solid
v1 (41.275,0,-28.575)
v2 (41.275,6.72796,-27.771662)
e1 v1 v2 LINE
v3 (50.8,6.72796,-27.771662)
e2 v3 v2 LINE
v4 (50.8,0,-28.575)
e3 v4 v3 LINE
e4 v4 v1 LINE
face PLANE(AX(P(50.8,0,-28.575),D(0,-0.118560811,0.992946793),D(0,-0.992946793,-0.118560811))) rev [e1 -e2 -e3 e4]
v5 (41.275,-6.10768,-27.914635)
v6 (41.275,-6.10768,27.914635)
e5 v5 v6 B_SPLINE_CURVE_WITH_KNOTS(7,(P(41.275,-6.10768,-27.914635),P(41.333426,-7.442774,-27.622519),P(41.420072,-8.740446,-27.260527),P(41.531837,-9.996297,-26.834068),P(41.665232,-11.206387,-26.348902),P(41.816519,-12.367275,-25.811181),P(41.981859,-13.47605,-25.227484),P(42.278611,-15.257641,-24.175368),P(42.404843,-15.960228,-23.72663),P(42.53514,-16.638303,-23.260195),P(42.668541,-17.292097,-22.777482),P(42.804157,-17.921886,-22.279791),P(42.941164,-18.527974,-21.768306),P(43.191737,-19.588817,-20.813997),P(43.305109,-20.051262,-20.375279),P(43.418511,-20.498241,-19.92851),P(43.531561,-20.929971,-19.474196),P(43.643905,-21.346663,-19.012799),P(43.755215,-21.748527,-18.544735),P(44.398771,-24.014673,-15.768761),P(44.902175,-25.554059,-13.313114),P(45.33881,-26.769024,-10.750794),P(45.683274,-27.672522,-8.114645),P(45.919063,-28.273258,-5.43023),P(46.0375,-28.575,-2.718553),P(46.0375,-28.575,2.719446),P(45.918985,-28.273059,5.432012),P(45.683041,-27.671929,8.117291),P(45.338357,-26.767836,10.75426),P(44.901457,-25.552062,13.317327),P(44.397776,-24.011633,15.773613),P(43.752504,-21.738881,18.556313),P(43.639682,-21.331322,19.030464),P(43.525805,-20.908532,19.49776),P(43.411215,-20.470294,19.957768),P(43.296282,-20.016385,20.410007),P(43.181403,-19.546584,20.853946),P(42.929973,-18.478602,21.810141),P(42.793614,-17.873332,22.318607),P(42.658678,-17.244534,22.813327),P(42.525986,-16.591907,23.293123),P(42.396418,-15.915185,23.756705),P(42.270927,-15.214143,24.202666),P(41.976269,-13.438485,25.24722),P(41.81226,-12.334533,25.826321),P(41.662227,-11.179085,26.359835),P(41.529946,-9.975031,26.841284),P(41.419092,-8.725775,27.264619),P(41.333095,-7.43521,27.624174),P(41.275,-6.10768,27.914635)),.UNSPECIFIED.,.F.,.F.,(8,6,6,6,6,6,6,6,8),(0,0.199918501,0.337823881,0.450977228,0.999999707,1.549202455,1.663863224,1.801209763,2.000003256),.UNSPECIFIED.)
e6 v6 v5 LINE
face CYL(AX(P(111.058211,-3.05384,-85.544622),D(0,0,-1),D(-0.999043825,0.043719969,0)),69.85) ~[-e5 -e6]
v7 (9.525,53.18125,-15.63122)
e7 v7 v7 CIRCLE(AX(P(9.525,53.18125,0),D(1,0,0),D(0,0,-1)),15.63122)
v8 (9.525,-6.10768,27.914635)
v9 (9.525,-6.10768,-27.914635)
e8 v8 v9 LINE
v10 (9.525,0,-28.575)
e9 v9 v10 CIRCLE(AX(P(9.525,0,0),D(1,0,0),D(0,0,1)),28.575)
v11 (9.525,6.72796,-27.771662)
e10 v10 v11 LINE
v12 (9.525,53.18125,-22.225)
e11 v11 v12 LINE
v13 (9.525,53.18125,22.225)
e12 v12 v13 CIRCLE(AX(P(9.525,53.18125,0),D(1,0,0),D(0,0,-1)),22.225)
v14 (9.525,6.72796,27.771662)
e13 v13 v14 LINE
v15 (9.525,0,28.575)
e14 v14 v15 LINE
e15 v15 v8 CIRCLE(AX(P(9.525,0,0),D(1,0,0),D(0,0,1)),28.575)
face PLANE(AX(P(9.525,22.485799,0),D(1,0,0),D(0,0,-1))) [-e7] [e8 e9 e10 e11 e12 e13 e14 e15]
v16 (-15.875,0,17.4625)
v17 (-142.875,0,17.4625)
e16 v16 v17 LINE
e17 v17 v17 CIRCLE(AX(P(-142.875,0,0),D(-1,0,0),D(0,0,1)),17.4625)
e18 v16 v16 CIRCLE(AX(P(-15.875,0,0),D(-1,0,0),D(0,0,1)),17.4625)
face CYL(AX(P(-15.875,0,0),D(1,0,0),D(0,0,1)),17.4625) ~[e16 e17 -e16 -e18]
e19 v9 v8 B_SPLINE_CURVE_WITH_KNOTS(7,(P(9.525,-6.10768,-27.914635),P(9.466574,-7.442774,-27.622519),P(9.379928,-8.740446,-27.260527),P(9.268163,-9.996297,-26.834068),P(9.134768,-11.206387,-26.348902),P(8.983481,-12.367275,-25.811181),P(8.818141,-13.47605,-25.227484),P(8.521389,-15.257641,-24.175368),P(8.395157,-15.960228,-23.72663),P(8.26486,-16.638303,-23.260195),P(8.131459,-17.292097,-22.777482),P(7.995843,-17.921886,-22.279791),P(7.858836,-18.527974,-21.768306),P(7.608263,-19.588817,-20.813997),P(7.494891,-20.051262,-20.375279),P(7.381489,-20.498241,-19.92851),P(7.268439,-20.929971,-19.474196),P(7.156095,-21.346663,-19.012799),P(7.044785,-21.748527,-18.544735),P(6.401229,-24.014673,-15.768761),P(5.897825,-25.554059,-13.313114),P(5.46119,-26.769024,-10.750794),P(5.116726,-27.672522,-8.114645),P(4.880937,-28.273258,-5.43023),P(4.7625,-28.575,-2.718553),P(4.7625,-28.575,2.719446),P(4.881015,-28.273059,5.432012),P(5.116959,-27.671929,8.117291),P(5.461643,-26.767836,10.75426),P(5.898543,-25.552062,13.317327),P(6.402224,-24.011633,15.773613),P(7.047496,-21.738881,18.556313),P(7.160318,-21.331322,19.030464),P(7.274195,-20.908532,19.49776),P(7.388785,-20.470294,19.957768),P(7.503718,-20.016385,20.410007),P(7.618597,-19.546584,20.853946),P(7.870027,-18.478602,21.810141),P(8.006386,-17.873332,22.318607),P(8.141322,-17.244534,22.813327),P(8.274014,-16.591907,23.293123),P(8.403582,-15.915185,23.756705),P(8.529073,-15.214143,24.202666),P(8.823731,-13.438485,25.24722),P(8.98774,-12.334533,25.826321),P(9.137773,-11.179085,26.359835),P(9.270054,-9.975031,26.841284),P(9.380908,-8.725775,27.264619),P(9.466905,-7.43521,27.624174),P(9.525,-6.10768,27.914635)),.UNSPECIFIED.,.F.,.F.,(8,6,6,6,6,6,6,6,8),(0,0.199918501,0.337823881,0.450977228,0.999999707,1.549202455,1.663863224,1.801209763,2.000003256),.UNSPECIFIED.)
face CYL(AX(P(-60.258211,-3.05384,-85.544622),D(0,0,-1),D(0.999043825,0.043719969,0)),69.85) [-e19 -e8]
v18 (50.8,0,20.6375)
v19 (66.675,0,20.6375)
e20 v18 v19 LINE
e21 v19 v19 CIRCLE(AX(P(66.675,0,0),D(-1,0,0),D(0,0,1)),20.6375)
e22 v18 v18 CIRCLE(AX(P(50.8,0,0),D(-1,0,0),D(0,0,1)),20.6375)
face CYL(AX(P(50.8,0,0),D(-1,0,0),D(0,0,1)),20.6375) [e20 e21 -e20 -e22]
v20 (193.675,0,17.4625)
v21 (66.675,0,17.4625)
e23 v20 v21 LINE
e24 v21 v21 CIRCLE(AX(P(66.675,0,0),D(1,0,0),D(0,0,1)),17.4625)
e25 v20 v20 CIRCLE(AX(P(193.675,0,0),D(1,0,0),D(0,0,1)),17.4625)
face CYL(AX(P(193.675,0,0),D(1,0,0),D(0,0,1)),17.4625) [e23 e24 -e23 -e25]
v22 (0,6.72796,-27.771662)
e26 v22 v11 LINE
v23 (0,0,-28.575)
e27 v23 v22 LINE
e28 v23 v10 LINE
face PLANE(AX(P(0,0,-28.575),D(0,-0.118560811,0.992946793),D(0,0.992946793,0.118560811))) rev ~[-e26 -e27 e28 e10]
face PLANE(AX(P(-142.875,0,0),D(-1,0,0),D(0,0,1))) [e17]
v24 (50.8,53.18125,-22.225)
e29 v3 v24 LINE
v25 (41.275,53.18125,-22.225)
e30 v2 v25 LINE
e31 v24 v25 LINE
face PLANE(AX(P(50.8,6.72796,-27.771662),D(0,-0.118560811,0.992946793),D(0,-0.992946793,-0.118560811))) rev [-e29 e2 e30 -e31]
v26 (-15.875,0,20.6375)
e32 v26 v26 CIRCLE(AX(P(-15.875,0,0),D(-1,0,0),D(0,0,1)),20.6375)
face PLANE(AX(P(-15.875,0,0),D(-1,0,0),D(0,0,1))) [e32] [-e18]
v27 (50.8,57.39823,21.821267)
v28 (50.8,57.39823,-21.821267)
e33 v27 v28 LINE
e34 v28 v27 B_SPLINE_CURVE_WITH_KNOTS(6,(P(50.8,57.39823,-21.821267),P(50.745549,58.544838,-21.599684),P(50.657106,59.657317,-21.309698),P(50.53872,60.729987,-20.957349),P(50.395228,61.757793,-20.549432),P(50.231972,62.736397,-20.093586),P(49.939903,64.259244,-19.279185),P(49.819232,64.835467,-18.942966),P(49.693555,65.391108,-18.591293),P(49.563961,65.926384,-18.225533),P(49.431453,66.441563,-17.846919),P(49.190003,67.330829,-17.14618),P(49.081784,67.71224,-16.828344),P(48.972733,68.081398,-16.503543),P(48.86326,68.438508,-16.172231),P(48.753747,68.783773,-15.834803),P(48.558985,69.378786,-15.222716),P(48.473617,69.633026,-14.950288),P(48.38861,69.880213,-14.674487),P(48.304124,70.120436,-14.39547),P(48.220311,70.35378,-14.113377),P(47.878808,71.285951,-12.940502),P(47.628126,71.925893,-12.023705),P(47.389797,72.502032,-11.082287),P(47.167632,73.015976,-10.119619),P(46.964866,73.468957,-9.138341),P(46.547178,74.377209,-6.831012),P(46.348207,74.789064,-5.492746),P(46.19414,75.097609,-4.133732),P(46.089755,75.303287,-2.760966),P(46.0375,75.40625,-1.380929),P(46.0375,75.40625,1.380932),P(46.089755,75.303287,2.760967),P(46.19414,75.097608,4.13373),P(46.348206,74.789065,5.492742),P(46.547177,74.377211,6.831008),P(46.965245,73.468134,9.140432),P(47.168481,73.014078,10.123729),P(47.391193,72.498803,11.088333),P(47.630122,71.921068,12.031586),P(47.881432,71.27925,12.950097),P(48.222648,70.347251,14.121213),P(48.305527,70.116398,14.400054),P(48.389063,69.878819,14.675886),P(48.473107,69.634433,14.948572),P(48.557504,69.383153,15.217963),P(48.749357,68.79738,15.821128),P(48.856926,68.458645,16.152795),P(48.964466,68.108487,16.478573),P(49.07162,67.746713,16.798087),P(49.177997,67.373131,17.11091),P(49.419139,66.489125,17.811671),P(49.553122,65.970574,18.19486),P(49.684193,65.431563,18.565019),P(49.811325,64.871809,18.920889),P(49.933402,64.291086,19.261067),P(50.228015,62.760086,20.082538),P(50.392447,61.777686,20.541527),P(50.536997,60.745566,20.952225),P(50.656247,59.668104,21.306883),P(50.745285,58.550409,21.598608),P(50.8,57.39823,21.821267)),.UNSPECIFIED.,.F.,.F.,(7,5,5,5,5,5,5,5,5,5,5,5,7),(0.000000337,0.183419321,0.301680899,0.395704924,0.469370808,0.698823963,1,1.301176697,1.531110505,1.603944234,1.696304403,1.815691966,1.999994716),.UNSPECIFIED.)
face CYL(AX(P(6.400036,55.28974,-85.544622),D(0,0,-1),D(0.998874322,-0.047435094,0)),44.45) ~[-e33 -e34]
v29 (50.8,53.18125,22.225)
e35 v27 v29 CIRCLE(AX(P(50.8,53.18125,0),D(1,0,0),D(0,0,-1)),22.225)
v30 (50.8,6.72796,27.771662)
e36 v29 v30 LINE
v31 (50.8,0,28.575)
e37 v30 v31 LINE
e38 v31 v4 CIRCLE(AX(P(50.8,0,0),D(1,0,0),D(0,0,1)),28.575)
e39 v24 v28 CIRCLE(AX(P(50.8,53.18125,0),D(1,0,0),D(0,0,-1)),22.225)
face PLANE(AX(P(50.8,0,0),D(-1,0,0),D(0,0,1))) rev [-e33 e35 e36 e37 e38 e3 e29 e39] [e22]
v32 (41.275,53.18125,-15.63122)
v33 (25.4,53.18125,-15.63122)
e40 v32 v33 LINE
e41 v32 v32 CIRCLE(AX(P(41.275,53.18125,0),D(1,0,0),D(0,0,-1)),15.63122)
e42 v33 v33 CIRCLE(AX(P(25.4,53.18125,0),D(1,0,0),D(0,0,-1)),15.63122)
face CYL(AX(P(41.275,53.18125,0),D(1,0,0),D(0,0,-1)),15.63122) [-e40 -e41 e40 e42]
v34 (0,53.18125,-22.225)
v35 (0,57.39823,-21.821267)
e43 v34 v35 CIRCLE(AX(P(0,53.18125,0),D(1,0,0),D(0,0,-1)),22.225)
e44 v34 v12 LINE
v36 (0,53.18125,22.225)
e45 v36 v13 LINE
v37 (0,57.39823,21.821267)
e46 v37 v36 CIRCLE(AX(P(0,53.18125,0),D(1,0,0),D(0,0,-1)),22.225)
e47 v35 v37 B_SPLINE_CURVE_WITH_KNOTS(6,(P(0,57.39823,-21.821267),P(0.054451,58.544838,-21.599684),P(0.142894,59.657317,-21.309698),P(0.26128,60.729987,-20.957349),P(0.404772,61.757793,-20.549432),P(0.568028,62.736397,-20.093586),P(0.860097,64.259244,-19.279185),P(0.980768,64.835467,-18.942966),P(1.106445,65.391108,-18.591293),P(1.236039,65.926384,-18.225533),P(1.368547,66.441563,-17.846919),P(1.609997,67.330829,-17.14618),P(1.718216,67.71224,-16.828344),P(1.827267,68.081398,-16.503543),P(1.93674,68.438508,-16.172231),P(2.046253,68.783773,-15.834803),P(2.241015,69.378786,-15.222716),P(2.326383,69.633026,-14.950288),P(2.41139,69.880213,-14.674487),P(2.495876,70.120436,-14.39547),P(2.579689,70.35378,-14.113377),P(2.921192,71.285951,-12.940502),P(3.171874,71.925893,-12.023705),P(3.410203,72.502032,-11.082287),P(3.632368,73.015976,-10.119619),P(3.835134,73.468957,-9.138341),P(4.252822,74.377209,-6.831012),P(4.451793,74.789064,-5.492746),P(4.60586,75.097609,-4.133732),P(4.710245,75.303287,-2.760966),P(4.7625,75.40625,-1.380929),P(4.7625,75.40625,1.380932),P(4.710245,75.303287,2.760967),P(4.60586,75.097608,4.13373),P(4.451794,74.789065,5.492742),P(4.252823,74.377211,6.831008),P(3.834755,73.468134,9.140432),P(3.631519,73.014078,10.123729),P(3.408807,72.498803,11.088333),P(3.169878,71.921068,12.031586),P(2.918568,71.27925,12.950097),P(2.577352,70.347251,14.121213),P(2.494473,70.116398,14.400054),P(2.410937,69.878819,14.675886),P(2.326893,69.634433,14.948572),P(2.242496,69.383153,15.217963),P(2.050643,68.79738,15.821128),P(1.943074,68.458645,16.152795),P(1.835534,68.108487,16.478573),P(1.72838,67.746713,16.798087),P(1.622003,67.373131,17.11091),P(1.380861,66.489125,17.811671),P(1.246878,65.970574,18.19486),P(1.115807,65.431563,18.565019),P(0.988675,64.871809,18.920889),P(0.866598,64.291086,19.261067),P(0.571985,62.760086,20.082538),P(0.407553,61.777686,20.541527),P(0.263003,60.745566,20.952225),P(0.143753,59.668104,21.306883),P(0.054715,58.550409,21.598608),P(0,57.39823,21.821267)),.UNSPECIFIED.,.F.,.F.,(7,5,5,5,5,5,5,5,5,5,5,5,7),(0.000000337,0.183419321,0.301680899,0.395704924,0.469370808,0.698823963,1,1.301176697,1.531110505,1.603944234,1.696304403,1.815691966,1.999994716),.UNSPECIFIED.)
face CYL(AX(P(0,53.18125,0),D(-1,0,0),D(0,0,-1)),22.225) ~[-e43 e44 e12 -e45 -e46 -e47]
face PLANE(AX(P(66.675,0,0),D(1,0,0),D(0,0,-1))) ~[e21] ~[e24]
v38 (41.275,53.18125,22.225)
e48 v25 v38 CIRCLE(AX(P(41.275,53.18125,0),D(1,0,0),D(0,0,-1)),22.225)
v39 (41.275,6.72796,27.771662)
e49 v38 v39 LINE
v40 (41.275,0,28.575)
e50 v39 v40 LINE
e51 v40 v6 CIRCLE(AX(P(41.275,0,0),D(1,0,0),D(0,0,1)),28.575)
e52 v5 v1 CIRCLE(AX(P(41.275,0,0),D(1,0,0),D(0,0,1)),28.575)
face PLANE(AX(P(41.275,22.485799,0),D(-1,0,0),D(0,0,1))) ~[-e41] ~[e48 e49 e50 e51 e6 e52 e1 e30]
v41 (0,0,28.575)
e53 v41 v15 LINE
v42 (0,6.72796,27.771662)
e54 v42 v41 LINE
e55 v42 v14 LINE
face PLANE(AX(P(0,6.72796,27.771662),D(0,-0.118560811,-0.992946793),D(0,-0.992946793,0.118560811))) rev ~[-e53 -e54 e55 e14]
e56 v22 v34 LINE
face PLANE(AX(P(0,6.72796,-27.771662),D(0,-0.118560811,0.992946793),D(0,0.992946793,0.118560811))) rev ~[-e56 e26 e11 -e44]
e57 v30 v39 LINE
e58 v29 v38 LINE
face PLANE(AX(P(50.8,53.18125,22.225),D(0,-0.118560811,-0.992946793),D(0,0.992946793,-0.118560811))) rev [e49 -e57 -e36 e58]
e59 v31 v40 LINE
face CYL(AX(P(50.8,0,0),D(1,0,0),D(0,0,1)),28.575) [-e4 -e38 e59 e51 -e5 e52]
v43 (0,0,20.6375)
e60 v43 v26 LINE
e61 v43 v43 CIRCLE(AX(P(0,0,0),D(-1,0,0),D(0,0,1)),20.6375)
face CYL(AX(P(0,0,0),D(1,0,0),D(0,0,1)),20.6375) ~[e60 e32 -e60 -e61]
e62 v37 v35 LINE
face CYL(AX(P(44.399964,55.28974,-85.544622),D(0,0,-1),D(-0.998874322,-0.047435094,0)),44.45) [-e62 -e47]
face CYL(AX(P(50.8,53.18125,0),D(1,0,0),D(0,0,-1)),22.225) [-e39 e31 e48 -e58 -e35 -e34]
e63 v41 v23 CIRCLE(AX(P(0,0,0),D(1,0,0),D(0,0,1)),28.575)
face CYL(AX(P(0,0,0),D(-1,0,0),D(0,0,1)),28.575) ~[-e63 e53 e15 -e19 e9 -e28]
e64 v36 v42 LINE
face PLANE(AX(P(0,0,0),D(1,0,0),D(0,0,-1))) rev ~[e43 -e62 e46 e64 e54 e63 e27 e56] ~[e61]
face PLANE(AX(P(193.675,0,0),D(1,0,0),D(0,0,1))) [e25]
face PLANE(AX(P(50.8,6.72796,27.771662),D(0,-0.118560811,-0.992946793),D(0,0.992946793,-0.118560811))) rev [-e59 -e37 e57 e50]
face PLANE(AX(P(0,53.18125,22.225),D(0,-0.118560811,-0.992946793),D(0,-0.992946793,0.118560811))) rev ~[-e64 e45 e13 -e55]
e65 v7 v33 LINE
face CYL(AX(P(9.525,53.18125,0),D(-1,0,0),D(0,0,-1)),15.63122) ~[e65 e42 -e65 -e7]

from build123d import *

# Parameters (mm, degrees)
SKETCH1_R               = 20.6375
BOSS_EXTRUDE1_DEPTH     = 9.525
SKETCH2_R               = 20.6375
BOSS_EXTRUDE3_DEPTH     = 15.875
SKETCH3_R               = 15.631220112
BOSS_EXTRUDE4_DEPTH     = 15.875
CUT_EXTRUDE1_DEPTH      = 85.544622325
CUT_EXTRUDE1_DEPTH_BACK = 85.544622325
CUT_EXTRUDE2_DEPTH      = 85.544622414
CUT_EXTRUDE2_DEPTH_BACK = 85.544622414
SKETCH6_R               = 17.4625
BOSS_EXTRUDE5_DEPTH     = 127
BOSS_EXTRUDE6_START     = 127
SKETCH7_R               = 17.4625
BOSS_EXTRUDE6_DEPTH     = 127


with BuildPart() as part:
    # Sketch1 → Boss-Extrude1 (new body)
    # profile 1 of 2: a face of its own
    with BuildSketch(Plane(origin=(0, 0, 0), x_dir=(0, 0, -1), z_dir=(1, 0, 0))):
        with BuildLine():
            ThreePointArc((22.225, 53.18125), (0, 75.40625), (-22.225, 53.18125))
            Line((-22.225, 53.18125), (-27.771661542, 6.727959587))
            Line((-27.771661542, 6.727959587), (-28.575, 0))
            ThreePointArc((-28.575, 0), (0, -28.575), (28.575, 0))
            Line((28.575, 0), (27.771661542, 6.727959587))
            Line((27.771661542, 6.727959587), (22.225, 53.18125))
        make_face()
        Circle(SKETCH1_R, mode=Mode.SUBTRACT)
    # profile 2 of 2: a face of its own
    with BuildSketch(Plane(origin=(0, 0, 0), x_dir=(0, 0, -1), z_dir=(1, 0, 0))):
        Circle(SKETCH1_R)
    extrude(amount=BOSS_EXTRUDE1_DEPTH)

    # Sketch2 → Boss-Extrude3 (add)
    with BuildSketch(Plane.ZY):
        Circle(SKETCH2_R)
    extrude(amount=BOSS_EXTRUDE3_DEPTH)

    # Sketch3 → Boss-Extrude4 (add)
    with BuildSketch(Plane(origin=(9.525, 0, 0), x_dir=(0, 0, -1), z_dir=(1, 0, 0))):
        with Locations((0, 53.18125)):
            Circle(SKETCH3_R)
    extrude(amount=BOSS_EXTRUDE4_DEPTH)

    # Sketch4 → Cut-Extrude1 (cut, two sides: drawn at the far end of the back side and taken through both)
    with BuildSketch(Plane.XY.offset(-CUT_EXTRUDE1_DEPTH_BACK)):
        with BuildLine():
            Line((4.7625, 75.40625), (-6.178104272, 75.40625))
            Line((-6.178104272, 75.40625), (-6.178104272, 53.18125))
            Line((-6.178104272, 53.18125), (0, 53.18125))
            ThreePointArc((0, 53.18125), (0.936646322, 64.603307931), (4.7625, 75.40625))
        make_face()
    extrude(amount=CUT_EXTRUDE1_DEPTH + CUT_EXTRUDE1_DEPTH_BACK, mode=Mode.SUBTRACT)

    # Sketch5 → Cut-Extrude2 (cut, two sides: drawn at the far end of the back side and taken through both)
    with BuildSketch(Plane.XY.offset(-CUT_EXTRUDE2_DEPTH_BACK)):
        with BuildLine():
            Line((4.7625, -28.575), (17.4625, -28.575))
            Line((17.4625, -28.575), (17.4625, 0))
            Line((17.4625, 0), (9.525, 0))
            ThreePointArc((9.525, 0), (8.641404401, -14.537109067), (4.7625, -28.575))
        make_face()
    extrude(amount=CUT_EXTRUDE2_DEPTH + CUT_EXTRUDE2_DEPTH_BACK, mode=Mode.SUBTRACT)

    # Mirror1: part across plane


with BuildPart() as part_1:
    add(part.part)
    add(part.part.mirror(Plane(origin=(25.4, 53.18125, 0), x_dir=(0, 0, 1), z_dir=(1, 0, 0))))

    # Sketch6 → Boss-Extrude5 (add)
    with BuildSketch(Plane.ZY.offset(15.875)):
        Circle(SKETCH6_R)
    extrude(amount=BOSS_EXTRUDE5_DEPTH)

    # Sketch7 → Boss-Extrude6 (add)
    with BuildSketch(Plane(origin=(66.675, 0, 0), x_dir=(0, 0, -1), z_dir=(1, 0, 0)).offset(BOSS_EXTRUDE6_START)):
        with Locations(Location((0, 0, 0), (0, 0, 180))):
            Circle(SKETCH7_R)
    extrude(amount=-BOSS_EXTRUDE6_DEPTH)


solid = part_1.part
